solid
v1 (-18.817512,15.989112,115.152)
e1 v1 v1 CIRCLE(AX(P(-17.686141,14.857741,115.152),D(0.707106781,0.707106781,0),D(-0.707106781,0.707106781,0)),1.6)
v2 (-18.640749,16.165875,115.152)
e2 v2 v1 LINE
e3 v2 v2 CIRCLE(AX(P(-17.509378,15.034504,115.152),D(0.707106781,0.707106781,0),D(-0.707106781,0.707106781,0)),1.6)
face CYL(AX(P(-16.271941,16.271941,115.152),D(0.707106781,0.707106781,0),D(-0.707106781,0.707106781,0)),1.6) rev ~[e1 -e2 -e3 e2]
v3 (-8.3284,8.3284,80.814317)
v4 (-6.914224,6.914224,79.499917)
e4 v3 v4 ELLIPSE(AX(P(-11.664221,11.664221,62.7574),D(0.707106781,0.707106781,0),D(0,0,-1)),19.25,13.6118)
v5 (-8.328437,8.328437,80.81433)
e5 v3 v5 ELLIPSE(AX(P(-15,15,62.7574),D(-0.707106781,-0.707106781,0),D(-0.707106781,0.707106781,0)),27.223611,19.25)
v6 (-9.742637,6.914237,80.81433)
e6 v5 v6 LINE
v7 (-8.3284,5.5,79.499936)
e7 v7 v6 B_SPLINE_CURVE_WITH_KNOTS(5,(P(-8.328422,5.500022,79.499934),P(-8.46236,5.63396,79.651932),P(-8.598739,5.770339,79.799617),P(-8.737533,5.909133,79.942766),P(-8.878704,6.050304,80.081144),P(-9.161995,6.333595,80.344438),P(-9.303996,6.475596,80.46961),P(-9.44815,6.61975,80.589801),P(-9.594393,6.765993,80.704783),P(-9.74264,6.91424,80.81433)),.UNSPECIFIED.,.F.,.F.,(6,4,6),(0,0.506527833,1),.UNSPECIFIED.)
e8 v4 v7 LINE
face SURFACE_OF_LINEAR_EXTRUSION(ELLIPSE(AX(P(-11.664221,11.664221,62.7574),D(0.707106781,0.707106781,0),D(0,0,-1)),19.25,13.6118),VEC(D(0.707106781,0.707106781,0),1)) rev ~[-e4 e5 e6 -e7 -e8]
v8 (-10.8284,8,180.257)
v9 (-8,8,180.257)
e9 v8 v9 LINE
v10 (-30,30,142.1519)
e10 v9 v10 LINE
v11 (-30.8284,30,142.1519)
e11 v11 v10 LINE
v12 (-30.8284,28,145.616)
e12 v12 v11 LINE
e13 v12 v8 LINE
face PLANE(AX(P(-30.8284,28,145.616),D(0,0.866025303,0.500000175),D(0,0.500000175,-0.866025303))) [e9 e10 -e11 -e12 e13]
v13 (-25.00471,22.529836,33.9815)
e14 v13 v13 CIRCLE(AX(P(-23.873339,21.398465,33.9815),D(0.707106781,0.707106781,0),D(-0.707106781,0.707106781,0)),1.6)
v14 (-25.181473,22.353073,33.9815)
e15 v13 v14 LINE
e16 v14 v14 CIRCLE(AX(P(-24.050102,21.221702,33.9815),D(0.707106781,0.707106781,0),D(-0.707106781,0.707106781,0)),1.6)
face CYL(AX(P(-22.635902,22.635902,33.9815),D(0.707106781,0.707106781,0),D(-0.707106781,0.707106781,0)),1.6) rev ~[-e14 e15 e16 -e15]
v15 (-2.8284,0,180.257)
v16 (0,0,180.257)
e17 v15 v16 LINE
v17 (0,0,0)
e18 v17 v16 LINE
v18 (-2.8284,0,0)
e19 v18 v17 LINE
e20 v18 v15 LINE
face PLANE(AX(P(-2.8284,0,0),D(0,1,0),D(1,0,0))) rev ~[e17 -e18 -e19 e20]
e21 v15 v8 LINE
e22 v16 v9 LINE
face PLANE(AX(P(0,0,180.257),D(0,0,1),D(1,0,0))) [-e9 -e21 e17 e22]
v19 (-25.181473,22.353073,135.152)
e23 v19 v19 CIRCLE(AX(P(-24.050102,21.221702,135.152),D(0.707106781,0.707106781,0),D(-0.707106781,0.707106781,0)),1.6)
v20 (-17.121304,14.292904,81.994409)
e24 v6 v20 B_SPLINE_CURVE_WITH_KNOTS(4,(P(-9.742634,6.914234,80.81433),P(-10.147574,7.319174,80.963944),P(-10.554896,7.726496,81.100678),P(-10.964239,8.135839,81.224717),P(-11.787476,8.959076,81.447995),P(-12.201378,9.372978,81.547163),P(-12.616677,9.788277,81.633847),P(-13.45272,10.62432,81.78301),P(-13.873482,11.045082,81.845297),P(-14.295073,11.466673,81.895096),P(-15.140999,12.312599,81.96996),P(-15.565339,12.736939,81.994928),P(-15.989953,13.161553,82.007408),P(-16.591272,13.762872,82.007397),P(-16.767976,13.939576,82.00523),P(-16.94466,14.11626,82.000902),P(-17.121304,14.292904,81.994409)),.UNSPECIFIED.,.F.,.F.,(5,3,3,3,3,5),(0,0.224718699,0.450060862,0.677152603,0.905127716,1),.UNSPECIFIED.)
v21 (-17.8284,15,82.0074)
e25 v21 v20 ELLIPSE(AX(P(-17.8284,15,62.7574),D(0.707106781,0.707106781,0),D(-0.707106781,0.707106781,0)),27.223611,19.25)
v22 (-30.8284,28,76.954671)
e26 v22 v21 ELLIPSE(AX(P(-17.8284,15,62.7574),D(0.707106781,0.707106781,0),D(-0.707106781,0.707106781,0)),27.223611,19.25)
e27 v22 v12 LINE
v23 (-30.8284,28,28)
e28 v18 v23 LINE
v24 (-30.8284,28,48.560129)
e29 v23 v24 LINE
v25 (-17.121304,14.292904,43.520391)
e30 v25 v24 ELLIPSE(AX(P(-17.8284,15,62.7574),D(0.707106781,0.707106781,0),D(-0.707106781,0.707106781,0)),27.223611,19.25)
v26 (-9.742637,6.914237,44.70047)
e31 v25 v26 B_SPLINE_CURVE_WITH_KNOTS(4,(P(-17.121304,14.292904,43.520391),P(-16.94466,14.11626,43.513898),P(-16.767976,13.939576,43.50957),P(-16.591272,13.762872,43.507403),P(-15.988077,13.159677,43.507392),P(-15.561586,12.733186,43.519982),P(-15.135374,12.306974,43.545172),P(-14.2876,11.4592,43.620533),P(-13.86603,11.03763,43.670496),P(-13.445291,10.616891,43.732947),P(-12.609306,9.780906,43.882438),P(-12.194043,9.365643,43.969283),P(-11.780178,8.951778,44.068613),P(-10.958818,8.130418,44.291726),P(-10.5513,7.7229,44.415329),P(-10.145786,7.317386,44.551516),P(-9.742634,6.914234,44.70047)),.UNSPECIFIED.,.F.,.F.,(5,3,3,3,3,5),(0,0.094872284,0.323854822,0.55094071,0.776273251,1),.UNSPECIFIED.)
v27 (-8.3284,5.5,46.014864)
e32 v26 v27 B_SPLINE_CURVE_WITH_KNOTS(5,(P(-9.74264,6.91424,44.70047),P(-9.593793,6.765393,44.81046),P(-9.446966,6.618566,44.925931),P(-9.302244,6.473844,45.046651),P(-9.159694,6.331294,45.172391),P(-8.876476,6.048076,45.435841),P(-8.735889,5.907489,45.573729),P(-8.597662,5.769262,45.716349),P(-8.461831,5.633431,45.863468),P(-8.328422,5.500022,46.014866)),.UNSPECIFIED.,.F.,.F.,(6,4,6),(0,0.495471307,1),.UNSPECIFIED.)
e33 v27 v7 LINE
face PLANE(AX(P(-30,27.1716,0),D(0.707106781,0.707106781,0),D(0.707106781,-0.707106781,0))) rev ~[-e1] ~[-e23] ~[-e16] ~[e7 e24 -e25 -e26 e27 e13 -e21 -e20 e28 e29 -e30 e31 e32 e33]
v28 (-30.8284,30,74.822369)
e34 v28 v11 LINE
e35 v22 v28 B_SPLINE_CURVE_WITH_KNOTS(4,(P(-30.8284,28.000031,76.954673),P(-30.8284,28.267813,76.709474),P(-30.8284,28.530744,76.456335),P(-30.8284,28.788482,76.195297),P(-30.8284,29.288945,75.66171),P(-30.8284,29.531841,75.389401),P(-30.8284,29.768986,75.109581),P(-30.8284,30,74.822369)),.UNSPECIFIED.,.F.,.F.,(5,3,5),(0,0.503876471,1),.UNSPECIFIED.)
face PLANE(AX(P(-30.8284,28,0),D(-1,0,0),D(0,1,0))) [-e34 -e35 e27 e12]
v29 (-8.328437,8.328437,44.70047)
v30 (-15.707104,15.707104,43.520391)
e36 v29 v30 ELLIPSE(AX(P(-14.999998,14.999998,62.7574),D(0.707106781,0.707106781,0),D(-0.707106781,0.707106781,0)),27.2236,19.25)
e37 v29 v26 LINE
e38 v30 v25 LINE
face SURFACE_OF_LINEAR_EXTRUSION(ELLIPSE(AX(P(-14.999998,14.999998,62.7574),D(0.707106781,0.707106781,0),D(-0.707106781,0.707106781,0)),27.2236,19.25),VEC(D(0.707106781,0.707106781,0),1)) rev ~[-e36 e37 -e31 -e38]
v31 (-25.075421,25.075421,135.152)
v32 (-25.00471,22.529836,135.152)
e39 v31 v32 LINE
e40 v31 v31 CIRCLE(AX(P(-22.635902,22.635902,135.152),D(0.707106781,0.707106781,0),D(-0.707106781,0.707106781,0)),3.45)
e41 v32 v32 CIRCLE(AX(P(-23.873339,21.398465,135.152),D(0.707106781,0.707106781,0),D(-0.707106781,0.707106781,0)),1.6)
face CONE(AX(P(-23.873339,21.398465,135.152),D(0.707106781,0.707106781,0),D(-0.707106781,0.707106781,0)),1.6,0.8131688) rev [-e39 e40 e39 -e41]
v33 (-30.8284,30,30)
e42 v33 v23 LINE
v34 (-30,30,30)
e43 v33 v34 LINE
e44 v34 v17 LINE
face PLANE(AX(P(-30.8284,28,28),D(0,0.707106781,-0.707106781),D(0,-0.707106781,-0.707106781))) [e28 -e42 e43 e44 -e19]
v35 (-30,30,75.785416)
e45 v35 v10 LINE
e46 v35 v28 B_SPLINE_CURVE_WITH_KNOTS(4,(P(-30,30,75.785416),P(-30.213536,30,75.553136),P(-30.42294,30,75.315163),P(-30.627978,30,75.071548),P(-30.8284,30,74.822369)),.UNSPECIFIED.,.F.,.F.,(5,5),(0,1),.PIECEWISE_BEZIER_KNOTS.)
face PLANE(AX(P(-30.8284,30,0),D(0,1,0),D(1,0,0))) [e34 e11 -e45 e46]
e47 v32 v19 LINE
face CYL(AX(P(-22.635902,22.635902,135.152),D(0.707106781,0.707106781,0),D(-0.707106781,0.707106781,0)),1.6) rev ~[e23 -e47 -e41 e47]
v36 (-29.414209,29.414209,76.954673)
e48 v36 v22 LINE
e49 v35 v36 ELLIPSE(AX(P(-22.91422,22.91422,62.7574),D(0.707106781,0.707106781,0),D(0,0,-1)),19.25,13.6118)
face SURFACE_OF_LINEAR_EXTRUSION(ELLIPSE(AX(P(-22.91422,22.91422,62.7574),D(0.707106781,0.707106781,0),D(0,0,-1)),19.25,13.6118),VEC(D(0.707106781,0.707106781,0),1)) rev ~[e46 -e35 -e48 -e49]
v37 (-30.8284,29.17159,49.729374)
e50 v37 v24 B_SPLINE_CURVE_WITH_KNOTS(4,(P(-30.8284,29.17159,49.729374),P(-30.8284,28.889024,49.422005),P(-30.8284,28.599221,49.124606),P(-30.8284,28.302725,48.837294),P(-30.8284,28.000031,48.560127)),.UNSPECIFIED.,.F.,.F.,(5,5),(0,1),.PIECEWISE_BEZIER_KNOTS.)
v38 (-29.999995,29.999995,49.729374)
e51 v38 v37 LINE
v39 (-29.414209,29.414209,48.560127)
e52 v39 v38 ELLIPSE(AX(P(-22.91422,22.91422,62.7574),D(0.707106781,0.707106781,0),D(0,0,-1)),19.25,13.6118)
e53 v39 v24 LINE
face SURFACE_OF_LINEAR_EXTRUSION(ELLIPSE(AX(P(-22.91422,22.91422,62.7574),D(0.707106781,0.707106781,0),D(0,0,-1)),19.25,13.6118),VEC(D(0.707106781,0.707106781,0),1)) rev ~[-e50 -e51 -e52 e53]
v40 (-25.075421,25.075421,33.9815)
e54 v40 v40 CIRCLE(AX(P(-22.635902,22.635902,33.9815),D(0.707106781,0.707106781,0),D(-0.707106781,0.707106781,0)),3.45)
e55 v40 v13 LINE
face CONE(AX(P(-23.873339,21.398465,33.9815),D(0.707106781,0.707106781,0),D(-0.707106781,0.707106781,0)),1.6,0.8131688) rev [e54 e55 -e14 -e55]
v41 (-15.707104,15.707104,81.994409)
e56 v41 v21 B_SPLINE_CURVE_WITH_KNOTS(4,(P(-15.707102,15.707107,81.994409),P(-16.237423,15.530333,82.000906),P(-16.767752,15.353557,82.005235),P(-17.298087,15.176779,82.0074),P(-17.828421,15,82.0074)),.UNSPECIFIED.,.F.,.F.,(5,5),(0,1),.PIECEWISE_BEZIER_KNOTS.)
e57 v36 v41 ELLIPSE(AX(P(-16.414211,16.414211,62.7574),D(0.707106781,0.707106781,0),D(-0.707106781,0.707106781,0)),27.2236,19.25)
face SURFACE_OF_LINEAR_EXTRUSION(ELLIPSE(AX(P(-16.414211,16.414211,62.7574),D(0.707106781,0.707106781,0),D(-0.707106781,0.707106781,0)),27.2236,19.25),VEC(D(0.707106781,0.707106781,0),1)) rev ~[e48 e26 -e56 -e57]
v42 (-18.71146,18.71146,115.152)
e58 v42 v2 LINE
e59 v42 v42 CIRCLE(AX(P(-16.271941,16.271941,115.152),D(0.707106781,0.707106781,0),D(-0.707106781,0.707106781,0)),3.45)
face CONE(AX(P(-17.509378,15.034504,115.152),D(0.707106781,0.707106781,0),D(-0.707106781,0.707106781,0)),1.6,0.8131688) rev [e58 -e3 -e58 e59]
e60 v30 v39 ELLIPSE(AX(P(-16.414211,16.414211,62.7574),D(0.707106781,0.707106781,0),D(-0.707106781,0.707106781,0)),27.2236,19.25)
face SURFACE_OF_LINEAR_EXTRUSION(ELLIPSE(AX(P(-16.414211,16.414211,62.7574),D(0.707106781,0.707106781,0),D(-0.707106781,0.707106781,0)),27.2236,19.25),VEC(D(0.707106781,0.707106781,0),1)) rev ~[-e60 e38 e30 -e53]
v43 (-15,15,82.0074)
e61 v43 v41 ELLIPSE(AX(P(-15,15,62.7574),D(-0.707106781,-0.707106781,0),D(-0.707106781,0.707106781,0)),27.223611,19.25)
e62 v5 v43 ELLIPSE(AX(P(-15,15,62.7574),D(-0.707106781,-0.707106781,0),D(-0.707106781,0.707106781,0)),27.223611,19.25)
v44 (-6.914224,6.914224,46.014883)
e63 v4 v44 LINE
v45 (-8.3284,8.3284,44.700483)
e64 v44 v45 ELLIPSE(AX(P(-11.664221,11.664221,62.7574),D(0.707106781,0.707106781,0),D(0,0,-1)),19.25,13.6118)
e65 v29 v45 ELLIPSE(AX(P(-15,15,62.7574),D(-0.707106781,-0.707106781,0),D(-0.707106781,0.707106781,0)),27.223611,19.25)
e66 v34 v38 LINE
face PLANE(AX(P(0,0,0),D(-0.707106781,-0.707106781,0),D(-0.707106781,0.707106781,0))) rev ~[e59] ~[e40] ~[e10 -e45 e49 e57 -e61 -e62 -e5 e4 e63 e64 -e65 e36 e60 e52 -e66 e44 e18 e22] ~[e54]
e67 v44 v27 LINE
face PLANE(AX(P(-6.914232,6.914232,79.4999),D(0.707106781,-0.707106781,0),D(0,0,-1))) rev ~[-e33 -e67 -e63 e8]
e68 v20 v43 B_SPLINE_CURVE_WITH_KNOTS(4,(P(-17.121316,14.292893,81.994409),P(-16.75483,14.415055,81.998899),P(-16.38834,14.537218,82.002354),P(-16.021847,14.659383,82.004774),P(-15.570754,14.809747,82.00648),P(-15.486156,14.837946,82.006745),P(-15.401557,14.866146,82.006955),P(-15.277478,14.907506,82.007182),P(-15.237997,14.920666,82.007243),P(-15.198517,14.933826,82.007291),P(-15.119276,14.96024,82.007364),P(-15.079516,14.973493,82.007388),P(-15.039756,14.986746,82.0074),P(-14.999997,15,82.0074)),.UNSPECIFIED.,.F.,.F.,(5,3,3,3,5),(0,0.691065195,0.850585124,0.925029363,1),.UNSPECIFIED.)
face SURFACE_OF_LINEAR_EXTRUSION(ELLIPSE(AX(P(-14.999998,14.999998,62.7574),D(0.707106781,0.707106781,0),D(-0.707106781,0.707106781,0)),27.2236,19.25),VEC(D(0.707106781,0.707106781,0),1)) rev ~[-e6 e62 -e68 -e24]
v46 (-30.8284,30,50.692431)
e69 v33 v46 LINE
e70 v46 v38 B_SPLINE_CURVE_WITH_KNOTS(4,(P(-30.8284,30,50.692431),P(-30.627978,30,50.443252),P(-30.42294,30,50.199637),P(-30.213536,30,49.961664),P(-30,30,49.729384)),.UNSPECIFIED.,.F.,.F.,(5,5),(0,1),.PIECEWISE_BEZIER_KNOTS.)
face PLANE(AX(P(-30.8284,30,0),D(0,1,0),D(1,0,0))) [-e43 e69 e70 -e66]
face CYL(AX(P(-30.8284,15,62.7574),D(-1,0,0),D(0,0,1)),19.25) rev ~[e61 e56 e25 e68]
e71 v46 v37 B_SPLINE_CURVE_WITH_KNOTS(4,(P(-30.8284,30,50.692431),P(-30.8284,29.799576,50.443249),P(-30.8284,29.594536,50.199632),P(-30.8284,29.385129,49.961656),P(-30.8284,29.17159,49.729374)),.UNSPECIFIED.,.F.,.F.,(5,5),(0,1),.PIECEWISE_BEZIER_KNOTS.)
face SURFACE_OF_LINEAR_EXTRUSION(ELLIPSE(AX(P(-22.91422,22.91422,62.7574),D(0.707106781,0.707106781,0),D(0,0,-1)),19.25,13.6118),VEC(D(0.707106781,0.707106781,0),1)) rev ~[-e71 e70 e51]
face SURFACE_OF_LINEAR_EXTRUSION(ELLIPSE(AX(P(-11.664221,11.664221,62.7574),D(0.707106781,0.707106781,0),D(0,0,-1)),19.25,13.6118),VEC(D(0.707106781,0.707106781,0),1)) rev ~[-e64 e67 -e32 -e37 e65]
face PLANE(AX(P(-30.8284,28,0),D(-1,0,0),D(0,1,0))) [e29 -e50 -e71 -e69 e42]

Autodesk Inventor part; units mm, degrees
ref_plane "YZ Plane" through (0, 0, 0) normal (1, 0, 0) x (0, 1, 0)
ref_plane "XZ Plane" through (0, 0, 0) normal (0, 1, 0) x (-1, 0, 0)
ref_plane "XY Plane" through (0, 0, 0) normal (0, 0, 1) x (1, 0, 0)
sketch "Szkic1" plane through (0, 0, 0) normal (0, 0, 1) x (1, 0, 0)
  line L0 (0, 0) -> (-30, 30)
  line L1 (-30, 30) -> (-30, 27.1716)
  line L2 (-30, 27.1716) -> (-2.8284, 0)
  line L3 (-2.8284, 0) -> (0, 0)
  line L4 (-30, 27.1716) -> (-30.8284, 28)
  line L5 (-30.8284, 28) -> (-30.8284, 30)
  line L6 (-30.8284, 30) -> (-30, 30)
  dimension "d0" = 2
  dimension "d1" = 30
  dimension "d2" = 45
  dimension "d3" = 2
extrude "Wyciągnięcie proste1" add sketch "Szkic1" along normal blind 180.257
sketch "Szkic2" plane through (-30.8284, 28, 0) normal (-1, 0, 0) x (0, 0, 1)
  line L0 (0, 0) -> (0, -28) projected
  line L1 (0, 2) -> (180.257, 2) projected
  line L2 (0, -28) -> (0, 2)
  line L3 (0, 2) -> (30, 2)
  line L4 (0, 0) -> (180.257, 0) projected
  line L5 (30, 2) -> (0, -28)
  line L6 (180.257, 2) -> (180.257, -20)
  line L7 (180.257, 0) -> (180.257, -28) projected
  line L8 (180.257, 2) -> (142.1519, 2)
  line L9 (180.257, -20) -> (142.1519, 2)
  dimension "d6" = 45
  dimension "d7" = 30
  dimension "d8" = 22
extrude "Wyciągnięcie proste2" cut sketch "Szkic2" against normal through all contours L4 L5 L0 | L2 L1 L5 L4 | L9 L1 L6 L4 | L4 L6 L9
sketch "Szkic3" plane through (0, 0, 0) normal (0.7071, 0.7071, 0) x (-0.7071, 0.7071, 0)
  line L0 (42.4264, 30) -> (42.4264, 142.1519) construction
  line L1 (42.4264, 115.152) -> (23.012, 115.152) construction
  circle A0 centre (32.012, 135.152) radius 1.6
  circle A1 centre (23.012, 115.152) radius 1.6
  circle A2 centre (32.012, 33.9815) radius 1.6
  line L2 (41.598, 28) -> (41.598, 145.616) projected
  point P0 (0, 0)
  dimension "d17" = 3.2
  dimension "d37" = 9.586
  dimension "d38" = 5.9815
  dimension "d39" = 10.464
  dimension "d40" = 30.464
  dimension "d41" = 18.586
extrude "Wyciągnięcie proste3" cut sketch "Szkic3" against normal through all
chamfer "Faza1" distance 1.85 distance2 1.75 1 edges at (-15.1406, 15.1406, 115.152) measured on face at (-5.0469, 5.0469, 98.4697)
chamfer "Faza2" distance 1.85 distance2 1.75 1 edges at (-21.5045, 21.5045, 135.152) measured on face at (-4.6108, 4.6108, 98.4697)
chamfer "Faza3" distance 1.85 distance2 1.75 1 edges at (-21.5045, 21.5045, 33.9815) measured on face at (-4.6108, 4.6108, 98.4697)
sketch "Szkic4" plane through (-30.8284, 28, 28) normal (-1, 0, 0) x (0, 0, 1)
  circle A0 centre (34.7574, -13) radius 19.25
  line L0 (-28, -28) -> (152.257, -28) projected
  dimension "d29" = 62.7574
  dimension "d30" = 38.5
  dimension "d31" = 15
extrude "Wyciągnięcie proste4" cut sketch "Szkic4" against normal blind 22.5
sketch "Szkic5" plane through (0, 0, 0) normal (0.7071, 0.7071, 0) x (-0.7071, 0.7071, 0)
  line L0 (9.7782, 79.4999) -> (9.7782, 46.0149) projected
  line L1 (9.7782, 79.4999) -> (9.7782, 46.0149)
  ellipse E0 centre (16.4957, 62.7574) end of major axis (16.4957, 43.5074) minor radius 13.6118 (9.7782, 46.0149) -> (11.7782, 44.7005) ccw projected
  ellipse E1 centre (16.4957, 62.7574) end of major axis (16.4957, 43.5074) minor radius 13.6118 (11.7782, 80.8143) -> (9.7782, 79.4999) ccw projected
  ellipse E2 centre (23.2132, 62.7574) end of major axis (50.4368, 62.7574) minor radius 19.25 (41.598, 76.9547) -> (9.7782, 79.4999) ccw projected
  ellipse E3 centre (32.4056, 62.7574) end of major axis (32.4056, 43.5074) minor radius 13.6118 (43.0122, 74.8223) -> (41.598, 76.9547) ccw projected
  ellipse E4 centre (32.4056, 62.7574) end of major axis (32.4056, 43.5074) minor radius 13.6118 (41.598, 48.5601) -> (43.0122, 50.6925) ccw projected
  line L2 (43.0122, 74.8223) -> (43.0122, 50.6925)
  ellipse E5 centre (23.2132, 62.7574) end of major axis (50.4368, 62.7574) minor radius 19.25 (9.7782, 46.0149) -> (41.598, 48.5601) ccw projected
  ellipse E6 centre (21.2132, 62.7574) end of major axis (48.4368, 62.7574) minor radius 19.25 (11.7782, 44.7005) -> (42.4264, 50.6925) ccw projected
  ellipse E7 centre (21.2132, 62.7574) end of major axis (48.4368, 62.7574) minor radius 19.25 (42.4264, 74.8223) -> (11.7782, 80.8143) ccw projected
  line L3 (42.4264, 30) -> (42.4264, 50.6925) projected
  line L4 (42.4264, 74.8223) -> (42.4264, 50.6925)
  point P0 (0, 0)
  point P1 (41.598, 48.5601)
extrude "Wyciągnięcie proste5" cut sketch "Szkic5" against normal through all
properties part number "Bok2mm"
